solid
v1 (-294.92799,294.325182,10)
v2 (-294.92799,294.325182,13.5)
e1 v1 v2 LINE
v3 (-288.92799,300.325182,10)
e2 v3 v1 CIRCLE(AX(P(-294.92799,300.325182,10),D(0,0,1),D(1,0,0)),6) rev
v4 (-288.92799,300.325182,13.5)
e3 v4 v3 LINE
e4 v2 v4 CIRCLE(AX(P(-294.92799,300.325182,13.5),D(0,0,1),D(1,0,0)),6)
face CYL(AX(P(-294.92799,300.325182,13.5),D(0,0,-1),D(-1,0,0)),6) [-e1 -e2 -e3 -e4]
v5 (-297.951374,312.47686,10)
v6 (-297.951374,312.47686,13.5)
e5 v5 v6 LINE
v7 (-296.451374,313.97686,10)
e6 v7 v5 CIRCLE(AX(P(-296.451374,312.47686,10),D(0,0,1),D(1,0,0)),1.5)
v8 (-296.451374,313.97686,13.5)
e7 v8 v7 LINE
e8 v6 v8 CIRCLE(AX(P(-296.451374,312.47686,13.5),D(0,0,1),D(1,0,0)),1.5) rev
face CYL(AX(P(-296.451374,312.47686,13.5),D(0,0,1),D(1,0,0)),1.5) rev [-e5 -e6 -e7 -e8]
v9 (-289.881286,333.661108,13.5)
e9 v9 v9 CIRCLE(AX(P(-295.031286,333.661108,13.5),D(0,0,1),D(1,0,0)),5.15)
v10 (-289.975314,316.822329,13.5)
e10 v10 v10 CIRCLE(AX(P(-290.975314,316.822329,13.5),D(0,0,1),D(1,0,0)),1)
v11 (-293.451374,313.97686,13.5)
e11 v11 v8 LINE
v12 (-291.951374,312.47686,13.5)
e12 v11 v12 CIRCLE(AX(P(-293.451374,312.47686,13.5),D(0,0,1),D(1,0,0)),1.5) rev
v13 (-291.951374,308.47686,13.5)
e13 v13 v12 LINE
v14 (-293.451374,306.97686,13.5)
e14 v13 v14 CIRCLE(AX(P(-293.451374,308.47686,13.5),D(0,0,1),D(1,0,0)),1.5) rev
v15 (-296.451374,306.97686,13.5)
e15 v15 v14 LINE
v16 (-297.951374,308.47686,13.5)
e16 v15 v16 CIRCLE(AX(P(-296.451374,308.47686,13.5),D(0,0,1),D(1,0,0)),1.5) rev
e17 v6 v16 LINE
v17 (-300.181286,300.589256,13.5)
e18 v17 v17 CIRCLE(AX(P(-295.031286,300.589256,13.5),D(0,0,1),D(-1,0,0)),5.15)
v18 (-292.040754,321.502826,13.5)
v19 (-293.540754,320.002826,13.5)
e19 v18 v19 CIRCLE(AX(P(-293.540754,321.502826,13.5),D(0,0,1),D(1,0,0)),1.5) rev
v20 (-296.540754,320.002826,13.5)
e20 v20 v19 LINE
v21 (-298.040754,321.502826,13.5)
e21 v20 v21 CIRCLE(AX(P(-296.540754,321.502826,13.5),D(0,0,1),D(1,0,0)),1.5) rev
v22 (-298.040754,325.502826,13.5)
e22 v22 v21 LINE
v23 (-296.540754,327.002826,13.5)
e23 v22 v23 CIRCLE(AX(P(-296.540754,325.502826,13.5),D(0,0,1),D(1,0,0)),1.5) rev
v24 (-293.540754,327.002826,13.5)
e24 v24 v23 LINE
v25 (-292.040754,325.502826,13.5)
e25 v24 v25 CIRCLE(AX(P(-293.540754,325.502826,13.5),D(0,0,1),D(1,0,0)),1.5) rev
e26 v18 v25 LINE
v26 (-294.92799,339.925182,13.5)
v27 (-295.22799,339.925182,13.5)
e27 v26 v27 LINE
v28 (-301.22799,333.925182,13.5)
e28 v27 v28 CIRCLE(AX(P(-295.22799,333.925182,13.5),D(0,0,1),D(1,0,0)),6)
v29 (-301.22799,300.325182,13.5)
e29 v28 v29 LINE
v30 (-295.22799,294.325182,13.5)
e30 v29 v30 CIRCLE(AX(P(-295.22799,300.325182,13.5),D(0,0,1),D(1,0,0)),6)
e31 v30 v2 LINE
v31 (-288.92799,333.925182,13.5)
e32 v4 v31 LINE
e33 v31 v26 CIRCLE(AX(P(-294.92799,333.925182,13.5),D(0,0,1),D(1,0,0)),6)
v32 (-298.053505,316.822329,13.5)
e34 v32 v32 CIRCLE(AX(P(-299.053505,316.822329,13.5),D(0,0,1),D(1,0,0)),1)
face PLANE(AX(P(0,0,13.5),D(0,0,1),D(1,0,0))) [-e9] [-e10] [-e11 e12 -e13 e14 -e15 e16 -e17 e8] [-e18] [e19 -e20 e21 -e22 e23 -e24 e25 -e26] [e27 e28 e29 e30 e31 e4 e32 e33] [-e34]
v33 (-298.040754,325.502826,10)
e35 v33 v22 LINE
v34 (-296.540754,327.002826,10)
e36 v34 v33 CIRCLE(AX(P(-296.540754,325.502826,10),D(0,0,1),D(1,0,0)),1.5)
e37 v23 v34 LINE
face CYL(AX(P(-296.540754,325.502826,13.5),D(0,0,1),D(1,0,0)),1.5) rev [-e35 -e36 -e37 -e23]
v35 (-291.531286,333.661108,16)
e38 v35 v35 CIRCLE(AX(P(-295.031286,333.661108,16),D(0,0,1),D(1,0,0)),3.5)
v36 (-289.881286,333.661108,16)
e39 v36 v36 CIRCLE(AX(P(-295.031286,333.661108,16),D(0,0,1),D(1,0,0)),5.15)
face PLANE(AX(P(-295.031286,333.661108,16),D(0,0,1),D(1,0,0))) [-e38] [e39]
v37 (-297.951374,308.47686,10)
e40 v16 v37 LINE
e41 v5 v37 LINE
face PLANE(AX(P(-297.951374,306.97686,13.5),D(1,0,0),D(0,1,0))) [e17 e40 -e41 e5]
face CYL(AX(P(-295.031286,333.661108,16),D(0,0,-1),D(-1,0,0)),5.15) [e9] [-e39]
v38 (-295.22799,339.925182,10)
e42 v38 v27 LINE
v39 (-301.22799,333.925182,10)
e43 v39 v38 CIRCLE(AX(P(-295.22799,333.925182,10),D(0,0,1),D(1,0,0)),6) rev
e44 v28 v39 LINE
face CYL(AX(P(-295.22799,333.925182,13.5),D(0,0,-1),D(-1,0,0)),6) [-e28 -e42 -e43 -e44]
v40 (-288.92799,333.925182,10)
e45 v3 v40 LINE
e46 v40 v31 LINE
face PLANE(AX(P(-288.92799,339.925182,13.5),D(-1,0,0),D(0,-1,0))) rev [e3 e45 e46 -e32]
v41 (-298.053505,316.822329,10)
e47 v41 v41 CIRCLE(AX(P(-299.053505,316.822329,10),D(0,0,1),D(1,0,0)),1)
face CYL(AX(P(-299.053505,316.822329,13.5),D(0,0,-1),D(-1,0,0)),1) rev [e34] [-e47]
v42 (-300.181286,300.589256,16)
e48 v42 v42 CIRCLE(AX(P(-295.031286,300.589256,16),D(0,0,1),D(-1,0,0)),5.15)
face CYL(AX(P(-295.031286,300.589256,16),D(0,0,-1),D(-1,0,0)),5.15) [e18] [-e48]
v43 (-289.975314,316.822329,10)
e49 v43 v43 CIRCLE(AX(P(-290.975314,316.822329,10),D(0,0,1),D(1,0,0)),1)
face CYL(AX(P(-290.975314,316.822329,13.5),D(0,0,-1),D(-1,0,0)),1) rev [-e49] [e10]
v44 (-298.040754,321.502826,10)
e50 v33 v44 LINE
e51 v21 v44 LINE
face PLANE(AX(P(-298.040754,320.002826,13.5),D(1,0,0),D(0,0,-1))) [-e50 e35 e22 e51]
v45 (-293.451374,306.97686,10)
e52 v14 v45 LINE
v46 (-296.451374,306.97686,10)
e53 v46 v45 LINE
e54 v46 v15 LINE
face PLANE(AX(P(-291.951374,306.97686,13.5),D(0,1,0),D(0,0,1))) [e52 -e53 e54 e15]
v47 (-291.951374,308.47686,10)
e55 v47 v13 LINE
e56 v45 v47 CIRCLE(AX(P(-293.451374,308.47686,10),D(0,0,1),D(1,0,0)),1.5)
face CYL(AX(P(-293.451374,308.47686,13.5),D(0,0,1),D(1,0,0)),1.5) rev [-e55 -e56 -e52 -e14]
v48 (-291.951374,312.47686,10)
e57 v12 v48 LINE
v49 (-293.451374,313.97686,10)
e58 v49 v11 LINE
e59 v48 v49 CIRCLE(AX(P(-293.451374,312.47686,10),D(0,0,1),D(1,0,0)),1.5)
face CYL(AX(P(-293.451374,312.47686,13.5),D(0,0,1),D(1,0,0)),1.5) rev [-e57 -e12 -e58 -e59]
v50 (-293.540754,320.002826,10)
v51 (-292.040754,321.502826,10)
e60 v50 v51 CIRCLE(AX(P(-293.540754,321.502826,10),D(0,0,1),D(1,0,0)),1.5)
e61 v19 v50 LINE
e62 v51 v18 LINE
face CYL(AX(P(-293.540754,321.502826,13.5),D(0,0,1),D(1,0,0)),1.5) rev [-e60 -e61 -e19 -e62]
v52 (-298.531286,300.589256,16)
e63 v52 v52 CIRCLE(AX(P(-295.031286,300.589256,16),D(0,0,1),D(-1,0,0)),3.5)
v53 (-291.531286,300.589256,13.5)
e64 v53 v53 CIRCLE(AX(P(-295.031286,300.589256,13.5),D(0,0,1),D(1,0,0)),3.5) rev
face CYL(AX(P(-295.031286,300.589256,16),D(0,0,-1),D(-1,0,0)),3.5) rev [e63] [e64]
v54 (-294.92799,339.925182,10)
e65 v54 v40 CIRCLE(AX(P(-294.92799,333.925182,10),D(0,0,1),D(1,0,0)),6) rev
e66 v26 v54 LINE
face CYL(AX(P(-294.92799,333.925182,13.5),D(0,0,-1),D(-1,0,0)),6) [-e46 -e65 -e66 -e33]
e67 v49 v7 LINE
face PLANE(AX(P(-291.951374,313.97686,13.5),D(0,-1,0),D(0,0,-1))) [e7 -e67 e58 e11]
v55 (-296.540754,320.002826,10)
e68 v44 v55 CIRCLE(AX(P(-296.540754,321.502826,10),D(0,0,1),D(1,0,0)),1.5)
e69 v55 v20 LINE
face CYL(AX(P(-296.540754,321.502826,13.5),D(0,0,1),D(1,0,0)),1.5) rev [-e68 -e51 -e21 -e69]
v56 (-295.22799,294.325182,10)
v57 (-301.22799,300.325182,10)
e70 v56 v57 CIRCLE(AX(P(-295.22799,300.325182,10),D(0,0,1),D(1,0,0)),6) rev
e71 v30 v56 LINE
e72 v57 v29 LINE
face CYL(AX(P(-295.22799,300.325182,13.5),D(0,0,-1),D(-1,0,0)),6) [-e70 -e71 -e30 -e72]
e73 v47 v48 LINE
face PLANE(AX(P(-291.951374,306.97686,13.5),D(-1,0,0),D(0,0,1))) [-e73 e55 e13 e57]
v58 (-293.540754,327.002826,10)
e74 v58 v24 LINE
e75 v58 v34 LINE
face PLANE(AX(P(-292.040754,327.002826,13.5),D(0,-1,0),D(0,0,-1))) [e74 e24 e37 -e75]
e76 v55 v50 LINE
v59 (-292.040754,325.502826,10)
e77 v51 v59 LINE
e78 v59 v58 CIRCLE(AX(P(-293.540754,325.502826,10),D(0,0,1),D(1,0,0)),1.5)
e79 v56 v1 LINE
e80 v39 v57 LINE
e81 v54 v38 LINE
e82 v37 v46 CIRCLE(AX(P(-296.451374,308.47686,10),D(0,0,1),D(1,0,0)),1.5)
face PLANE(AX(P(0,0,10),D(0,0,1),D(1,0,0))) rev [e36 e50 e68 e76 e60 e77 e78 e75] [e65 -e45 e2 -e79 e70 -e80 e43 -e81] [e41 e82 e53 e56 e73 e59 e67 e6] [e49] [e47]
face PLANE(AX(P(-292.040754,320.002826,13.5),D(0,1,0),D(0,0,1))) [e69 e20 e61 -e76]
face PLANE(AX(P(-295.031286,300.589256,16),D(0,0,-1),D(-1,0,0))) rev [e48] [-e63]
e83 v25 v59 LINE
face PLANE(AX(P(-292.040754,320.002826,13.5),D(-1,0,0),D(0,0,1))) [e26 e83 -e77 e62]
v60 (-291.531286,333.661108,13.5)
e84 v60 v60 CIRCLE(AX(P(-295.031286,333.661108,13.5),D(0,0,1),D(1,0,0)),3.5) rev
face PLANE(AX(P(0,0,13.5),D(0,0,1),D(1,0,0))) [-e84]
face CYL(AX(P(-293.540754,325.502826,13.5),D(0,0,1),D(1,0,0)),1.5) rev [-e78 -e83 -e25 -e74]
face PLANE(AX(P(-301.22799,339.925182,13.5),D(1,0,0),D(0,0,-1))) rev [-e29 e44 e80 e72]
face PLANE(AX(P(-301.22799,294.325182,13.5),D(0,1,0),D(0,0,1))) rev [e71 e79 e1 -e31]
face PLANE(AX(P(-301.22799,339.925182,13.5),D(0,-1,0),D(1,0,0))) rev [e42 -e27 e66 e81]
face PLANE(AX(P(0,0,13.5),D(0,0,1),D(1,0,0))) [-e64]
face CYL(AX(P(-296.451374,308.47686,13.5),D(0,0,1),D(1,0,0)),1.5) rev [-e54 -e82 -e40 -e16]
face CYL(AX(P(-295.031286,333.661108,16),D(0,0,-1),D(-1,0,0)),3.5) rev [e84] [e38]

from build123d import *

# Parameters (mm, degrees)
SKETCH1_W           = 12.3
SKETCH1_H           = 45.6
SKETCH1_R           = 1
SKETCH1_W_2         = 6
SKETCH1_H_2         = 7
BOSS_EXTRUDE1_DEPTH = 3.5
FILLET1_R           = 6
FILLET2_R           = 1.5
SKETCH2_R           = 5.15
SKETCH2_R_2         = 3.5
BOSS_EXTRUDE2_DEPTH = 2.5


with BuildPart() as part:
    # Sketch1 → Boss-Extrude1 (new body)
    with BuildSketch(Plane.XY.offset(10)):
        with Locations((-295.077990014, 317.125181865)):
            Rectangle(SKETCH1_W, SKETCH1_H)
        with Locations((-290.97531395, 316.822329318)):
            Circle(SKETCH1_R, mode=Mode.SUBTRACT)
        with Locations((-299.053504652, 316.822329318)):
            Circle(SKETCH1_R, mode=Mode.SUBTRACT)
        with Locations((-294.951374343, 310.476860406)):
            Rectangle(SKETCH1_W_2, SKETCH1_H_2, mode=Mode.SUBTRACT)
        with Locations((-295.040754442, 323.502825528)):
            Rectangle(SKETCH1_W_2, SKETCH1_H_2, mode=Mode.SUBTRACT)
    extrude(amount=BOSS_EXTRUDE1_DEPTH)

    # Fillet1
    fillet1_edges = [part.edges().sort_by_distance(p)[0] for p in [
        (-301.227990014, 339.925181865, 11.75),
        (-288.927990014, 339.925181865, 11.75),
        (-288.927990014, 294.325181865, 11.75),
        (-301.227990014, 294.325181865, 11.75),
    ]]
    fillet(fillet1_edges, radius=FILLET1_R)

    # Fillet2
    fillet2_edges = [part.edges().sort_by_distance(p)[0] for p in [
        (-291.951374343, 306.976860406, 11.75),
        (-291.951374343, 313.976860406, 11.75),
        (-297.951374343, 313.976860406, 11.75),
        (-297.951374343, 306.976860406, 11.75),
        (-292.040754442, 320.002825528, 11.75),
        (-292.040754442, 327.002825528, 11.75),
        (-298.040754442, 327.002825528, 11.75),
        (-298.040754442, 320.002825528, 11.75),
    ]]
    fillet(fillet2_edges, radius=FILLET2_R)

    # Sketch2 → Boss-Extrude2 (add)
    # profile 1 of 2: a face of its own
    with BuildSketch(Plane.XY.offset(13.5)):
        with Locations((-295.031286372, 333.66110815)):
            Circle(SKETCH2_R)
        with Locations((-295.031286372, 333.66110815)):
            Circle(SKETCH2_R_2, mode=Mode.SUBTRACT)
    # profile 2 of 2: a face of its own
    with BuildSketch(Plane.XY.offset(13.5)):
        with Locations(Location((-295.031286372, 300.589255581, 0), (0, 0, 180))):
            Circle(SKETCH2_R)
        with Locations(Location((-295.031286372, 300.589255581, 0), (0, 0, 180))):
            Circle(SKETCH2_R_2, mode=Mode.SUBTRACT)
    extrude(amount=BOSS_EXTRUDE2_DEPTH)


solid = part.part
